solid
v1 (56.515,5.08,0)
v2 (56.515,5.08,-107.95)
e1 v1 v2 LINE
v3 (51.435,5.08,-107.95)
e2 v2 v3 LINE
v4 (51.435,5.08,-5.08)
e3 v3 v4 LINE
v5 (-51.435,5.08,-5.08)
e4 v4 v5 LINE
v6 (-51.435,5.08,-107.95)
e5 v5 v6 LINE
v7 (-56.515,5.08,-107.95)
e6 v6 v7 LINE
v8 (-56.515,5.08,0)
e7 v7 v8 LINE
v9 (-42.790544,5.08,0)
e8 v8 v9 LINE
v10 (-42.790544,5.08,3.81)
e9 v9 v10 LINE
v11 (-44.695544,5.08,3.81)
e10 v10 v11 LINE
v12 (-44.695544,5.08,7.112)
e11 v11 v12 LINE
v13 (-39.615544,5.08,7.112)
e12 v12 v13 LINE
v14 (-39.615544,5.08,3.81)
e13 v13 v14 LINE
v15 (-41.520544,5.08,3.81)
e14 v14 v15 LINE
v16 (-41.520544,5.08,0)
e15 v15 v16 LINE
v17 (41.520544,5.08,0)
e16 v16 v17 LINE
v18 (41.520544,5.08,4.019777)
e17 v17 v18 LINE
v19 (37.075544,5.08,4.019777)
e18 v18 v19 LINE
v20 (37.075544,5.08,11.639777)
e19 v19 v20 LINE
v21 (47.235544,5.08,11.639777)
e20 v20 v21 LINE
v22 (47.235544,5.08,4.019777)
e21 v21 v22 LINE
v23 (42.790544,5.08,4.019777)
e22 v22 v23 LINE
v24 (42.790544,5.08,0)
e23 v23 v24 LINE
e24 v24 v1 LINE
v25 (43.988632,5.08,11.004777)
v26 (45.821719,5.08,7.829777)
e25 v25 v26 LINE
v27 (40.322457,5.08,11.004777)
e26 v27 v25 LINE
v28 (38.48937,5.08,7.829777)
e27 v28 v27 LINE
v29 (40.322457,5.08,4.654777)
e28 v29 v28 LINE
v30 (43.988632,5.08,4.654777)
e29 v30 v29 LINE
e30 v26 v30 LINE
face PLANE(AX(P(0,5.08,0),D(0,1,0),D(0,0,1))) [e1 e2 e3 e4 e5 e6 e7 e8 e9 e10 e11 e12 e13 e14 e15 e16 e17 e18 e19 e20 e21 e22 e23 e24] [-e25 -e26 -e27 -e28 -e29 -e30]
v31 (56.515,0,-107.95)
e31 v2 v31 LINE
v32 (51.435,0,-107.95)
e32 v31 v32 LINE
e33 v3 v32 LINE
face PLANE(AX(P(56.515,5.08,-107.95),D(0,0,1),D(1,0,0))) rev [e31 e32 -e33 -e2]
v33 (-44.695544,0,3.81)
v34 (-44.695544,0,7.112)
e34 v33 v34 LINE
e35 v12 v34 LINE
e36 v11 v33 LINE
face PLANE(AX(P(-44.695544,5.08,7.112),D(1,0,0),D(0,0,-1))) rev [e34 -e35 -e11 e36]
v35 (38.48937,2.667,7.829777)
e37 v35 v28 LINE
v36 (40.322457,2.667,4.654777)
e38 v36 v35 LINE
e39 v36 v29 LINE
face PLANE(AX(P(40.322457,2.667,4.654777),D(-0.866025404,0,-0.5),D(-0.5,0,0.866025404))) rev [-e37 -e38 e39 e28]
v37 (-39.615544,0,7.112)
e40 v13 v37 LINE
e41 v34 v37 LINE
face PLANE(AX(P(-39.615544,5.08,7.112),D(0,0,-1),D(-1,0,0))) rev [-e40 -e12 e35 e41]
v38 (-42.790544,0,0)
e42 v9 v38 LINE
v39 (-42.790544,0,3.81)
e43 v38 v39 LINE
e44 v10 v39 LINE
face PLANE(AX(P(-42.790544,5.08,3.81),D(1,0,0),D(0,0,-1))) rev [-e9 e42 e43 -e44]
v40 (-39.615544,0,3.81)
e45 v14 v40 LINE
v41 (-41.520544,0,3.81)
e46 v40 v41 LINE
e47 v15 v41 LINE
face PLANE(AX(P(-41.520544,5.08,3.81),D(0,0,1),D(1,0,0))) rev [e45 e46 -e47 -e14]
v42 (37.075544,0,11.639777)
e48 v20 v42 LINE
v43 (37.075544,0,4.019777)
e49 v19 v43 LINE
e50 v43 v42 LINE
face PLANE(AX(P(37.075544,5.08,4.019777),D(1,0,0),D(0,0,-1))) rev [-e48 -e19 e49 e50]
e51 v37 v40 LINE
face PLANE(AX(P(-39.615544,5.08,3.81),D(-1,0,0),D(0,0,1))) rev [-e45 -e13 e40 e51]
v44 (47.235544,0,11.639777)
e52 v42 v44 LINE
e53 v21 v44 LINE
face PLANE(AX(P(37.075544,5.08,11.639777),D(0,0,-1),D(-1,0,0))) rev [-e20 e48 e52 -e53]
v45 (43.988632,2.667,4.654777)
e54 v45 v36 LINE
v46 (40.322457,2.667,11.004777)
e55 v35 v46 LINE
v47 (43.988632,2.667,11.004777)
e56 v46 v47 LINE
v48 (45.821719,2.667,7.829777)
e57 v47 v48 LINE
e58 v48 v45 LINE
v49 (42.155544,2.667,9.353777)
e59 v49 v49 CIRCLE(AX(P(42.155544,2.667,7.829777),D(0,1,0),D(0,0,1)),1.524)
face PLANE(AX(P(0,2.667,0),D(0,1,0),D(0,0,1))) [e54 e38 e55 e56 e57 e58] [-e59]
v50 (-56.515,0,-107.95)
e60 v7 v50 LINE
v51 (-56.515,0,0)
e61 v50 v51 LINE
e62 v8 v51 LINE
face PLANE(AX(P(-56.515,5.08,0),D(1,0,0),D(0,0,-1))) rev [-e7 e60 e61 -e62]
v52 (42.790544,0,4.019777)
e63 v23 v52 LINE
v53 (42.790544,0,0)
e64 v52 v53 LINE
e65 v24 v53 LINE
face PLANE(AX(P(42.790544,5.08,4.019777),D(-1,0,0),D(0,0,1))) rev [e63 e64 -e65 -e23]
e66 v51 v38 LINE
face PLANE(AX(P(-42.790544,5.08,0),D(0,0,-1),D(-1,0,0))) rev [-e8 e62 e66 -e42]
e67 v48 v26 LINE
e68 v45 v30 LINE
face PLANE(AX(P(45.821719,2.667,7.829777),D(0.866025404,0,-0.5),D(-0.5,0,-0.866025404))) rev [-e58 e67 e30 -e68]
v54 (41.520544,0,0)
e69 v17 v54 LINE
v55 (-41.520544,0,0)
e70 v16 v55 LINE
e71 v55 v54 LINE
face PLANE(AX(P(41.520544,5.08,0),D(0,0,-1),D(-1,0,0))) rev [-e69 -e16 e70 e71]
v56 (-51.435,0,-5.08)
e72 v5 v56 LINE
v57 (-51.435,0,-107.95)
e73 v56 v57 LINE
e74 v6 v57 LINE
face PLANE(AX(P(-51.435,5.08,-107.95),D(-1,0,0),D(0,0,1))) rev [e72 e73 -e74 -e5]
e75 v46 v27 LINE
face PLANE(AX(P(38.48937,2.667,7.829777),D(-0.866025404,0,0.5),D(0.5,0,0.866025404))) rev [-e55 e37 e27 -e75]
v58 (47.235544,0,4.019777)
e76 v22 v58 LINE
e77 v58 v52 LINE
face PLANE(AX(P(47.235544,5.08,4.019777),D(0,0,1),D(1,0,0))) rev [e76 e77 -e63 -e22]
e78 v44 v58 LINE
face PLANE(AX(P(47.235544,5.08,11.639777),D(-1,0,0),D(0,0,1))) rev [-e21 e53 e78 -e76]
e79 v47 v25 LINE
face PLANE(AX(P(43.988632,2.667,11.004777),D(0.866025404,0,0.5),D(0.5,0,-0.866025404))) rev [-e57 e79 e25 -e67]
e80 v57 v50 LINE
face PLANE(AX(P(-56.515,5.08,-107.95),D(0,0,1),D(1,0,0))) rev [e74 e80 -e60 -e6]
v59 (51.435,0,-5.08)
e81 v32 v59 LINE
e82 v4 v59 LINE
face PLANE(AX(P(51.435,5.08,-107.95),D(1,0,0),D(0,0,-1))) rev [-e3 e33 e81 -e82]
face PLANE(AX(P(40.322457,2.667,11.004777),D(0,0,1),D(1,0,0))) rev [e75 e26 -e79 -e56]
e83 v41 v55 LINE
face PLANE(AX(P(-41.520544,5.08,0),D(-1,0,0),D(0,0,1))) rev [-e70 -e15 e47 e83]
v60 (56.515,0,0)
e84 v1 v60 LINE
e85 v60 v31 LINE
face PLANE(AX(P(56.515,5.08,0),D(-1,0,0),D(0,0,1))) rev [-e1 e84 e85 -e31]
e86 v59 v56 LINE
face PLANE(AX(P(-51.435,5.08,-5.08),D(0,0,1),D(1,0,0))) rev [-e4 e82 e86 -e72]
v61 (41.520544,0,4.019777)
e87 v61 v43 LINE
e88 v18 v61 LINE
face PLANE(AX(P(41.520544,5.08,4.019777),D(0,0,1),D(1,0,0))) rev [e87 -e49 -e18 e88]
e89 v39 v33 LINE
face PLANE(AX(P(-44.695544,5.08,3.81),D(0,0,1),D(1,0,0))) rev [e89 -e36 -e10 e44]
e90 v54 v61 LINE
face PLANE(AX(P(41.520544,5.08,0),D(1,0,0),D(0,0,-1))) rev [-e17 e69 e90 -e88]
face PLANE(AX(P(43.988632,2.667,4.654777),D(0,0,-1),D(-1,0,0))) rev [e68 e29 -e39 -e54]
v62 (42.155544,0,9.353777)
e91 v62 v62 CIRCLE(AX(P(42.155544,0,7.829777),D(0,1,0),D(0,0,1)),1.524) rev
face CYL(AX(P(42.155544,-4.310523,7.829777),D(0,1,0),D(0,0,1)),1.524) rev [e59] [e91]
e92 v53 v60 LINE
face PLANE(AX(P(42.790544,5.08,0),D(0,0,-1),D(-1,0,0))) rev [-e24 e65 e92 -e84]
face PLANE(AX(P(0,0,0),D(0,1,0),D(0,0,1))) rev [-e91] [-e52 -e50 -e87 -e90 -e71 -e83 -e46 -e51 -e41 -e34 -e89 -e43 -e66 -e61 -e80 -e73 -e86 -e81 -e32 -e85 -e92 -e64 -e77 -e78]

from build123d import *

# Parameters (mm, degrees)
BOSS_EXTRUDE1_DEPTH = 5.08
CUT_EXTRUDE1_DEPTH  = 2.413
SKETCH8_R           = 1.524
CUT_EXTRUDE2_DEPTH  = 2.667


with BuildPart() as part:
    # Sketch1 → Boss-Extrude1 (new body)
    with BuildSketch(Plane(origin=(0, 0, 0), x_dir=(1, 0, 0), z_dir=(0, 1, 0))):
        Polygon((41.520544409, 0), (-41.520544409, 0), (-41.520544409, -3.81), (-39.615544409, -3.81), (-39.615544409, -7.112), (-44.695544409, -7.112), (-44.695544409, -3.81), (-42.790544409, -3.81), (-42.790544409, 0), (-56.515, 0), (-56.515, 107.95), (-51.435, 107.95), (-51.435, 5.08), (51.435, 5.08), (51.435, 107.95), (56.515, 107.95), (56.515, 0), (42.790544409, 0), (42.790544409, -4.019776581), (47.235544409, -4.019776581), (47.235544409, -11.639776581), (37.075544409, -11.639776581), (37.075544409, -4.019776581), (41.520544409, -4.019776581), align=None)
    extrude(amount=BOSS_EXTRUDE1_DEPTH)

    # Sketch2 → Cut-Extrude1 (cut)
    with BuildSketch(Plane(origin=(0, 5.08, 0), x_dir=(1, 0, 0), z_dir=(0, 1, 0))):
        Polygon((40.322457304, -4.654776581), (38.4893702, -7.829776581), (40.322457304, -11.004776581), (43.988631514, -11.004776581), (45.821718619, -7.829776581), (43.988631514, -4.654776581), align=None)
    extrude(amount=-CUT_EXTRUDE1_DEPTH, mode=Mode.SUBTRACT)

    # Sketch8 → Cut-Extrude2 (cut)
    with BuildSketch(Plane(origin=(0, 2.667, 0), x_dir=(1, 0, 0), z_dir=(0, 1, 0))):
        with Locations(Location((42.155544409, -7.829776581, 0), (0, 0, 270))):
            Circle(SKETCH8_R)
    extrude(amount=-CUT_EXTRUDE2_DEPTH, mode=Mode.SUBTRACT)


solid = part.part
